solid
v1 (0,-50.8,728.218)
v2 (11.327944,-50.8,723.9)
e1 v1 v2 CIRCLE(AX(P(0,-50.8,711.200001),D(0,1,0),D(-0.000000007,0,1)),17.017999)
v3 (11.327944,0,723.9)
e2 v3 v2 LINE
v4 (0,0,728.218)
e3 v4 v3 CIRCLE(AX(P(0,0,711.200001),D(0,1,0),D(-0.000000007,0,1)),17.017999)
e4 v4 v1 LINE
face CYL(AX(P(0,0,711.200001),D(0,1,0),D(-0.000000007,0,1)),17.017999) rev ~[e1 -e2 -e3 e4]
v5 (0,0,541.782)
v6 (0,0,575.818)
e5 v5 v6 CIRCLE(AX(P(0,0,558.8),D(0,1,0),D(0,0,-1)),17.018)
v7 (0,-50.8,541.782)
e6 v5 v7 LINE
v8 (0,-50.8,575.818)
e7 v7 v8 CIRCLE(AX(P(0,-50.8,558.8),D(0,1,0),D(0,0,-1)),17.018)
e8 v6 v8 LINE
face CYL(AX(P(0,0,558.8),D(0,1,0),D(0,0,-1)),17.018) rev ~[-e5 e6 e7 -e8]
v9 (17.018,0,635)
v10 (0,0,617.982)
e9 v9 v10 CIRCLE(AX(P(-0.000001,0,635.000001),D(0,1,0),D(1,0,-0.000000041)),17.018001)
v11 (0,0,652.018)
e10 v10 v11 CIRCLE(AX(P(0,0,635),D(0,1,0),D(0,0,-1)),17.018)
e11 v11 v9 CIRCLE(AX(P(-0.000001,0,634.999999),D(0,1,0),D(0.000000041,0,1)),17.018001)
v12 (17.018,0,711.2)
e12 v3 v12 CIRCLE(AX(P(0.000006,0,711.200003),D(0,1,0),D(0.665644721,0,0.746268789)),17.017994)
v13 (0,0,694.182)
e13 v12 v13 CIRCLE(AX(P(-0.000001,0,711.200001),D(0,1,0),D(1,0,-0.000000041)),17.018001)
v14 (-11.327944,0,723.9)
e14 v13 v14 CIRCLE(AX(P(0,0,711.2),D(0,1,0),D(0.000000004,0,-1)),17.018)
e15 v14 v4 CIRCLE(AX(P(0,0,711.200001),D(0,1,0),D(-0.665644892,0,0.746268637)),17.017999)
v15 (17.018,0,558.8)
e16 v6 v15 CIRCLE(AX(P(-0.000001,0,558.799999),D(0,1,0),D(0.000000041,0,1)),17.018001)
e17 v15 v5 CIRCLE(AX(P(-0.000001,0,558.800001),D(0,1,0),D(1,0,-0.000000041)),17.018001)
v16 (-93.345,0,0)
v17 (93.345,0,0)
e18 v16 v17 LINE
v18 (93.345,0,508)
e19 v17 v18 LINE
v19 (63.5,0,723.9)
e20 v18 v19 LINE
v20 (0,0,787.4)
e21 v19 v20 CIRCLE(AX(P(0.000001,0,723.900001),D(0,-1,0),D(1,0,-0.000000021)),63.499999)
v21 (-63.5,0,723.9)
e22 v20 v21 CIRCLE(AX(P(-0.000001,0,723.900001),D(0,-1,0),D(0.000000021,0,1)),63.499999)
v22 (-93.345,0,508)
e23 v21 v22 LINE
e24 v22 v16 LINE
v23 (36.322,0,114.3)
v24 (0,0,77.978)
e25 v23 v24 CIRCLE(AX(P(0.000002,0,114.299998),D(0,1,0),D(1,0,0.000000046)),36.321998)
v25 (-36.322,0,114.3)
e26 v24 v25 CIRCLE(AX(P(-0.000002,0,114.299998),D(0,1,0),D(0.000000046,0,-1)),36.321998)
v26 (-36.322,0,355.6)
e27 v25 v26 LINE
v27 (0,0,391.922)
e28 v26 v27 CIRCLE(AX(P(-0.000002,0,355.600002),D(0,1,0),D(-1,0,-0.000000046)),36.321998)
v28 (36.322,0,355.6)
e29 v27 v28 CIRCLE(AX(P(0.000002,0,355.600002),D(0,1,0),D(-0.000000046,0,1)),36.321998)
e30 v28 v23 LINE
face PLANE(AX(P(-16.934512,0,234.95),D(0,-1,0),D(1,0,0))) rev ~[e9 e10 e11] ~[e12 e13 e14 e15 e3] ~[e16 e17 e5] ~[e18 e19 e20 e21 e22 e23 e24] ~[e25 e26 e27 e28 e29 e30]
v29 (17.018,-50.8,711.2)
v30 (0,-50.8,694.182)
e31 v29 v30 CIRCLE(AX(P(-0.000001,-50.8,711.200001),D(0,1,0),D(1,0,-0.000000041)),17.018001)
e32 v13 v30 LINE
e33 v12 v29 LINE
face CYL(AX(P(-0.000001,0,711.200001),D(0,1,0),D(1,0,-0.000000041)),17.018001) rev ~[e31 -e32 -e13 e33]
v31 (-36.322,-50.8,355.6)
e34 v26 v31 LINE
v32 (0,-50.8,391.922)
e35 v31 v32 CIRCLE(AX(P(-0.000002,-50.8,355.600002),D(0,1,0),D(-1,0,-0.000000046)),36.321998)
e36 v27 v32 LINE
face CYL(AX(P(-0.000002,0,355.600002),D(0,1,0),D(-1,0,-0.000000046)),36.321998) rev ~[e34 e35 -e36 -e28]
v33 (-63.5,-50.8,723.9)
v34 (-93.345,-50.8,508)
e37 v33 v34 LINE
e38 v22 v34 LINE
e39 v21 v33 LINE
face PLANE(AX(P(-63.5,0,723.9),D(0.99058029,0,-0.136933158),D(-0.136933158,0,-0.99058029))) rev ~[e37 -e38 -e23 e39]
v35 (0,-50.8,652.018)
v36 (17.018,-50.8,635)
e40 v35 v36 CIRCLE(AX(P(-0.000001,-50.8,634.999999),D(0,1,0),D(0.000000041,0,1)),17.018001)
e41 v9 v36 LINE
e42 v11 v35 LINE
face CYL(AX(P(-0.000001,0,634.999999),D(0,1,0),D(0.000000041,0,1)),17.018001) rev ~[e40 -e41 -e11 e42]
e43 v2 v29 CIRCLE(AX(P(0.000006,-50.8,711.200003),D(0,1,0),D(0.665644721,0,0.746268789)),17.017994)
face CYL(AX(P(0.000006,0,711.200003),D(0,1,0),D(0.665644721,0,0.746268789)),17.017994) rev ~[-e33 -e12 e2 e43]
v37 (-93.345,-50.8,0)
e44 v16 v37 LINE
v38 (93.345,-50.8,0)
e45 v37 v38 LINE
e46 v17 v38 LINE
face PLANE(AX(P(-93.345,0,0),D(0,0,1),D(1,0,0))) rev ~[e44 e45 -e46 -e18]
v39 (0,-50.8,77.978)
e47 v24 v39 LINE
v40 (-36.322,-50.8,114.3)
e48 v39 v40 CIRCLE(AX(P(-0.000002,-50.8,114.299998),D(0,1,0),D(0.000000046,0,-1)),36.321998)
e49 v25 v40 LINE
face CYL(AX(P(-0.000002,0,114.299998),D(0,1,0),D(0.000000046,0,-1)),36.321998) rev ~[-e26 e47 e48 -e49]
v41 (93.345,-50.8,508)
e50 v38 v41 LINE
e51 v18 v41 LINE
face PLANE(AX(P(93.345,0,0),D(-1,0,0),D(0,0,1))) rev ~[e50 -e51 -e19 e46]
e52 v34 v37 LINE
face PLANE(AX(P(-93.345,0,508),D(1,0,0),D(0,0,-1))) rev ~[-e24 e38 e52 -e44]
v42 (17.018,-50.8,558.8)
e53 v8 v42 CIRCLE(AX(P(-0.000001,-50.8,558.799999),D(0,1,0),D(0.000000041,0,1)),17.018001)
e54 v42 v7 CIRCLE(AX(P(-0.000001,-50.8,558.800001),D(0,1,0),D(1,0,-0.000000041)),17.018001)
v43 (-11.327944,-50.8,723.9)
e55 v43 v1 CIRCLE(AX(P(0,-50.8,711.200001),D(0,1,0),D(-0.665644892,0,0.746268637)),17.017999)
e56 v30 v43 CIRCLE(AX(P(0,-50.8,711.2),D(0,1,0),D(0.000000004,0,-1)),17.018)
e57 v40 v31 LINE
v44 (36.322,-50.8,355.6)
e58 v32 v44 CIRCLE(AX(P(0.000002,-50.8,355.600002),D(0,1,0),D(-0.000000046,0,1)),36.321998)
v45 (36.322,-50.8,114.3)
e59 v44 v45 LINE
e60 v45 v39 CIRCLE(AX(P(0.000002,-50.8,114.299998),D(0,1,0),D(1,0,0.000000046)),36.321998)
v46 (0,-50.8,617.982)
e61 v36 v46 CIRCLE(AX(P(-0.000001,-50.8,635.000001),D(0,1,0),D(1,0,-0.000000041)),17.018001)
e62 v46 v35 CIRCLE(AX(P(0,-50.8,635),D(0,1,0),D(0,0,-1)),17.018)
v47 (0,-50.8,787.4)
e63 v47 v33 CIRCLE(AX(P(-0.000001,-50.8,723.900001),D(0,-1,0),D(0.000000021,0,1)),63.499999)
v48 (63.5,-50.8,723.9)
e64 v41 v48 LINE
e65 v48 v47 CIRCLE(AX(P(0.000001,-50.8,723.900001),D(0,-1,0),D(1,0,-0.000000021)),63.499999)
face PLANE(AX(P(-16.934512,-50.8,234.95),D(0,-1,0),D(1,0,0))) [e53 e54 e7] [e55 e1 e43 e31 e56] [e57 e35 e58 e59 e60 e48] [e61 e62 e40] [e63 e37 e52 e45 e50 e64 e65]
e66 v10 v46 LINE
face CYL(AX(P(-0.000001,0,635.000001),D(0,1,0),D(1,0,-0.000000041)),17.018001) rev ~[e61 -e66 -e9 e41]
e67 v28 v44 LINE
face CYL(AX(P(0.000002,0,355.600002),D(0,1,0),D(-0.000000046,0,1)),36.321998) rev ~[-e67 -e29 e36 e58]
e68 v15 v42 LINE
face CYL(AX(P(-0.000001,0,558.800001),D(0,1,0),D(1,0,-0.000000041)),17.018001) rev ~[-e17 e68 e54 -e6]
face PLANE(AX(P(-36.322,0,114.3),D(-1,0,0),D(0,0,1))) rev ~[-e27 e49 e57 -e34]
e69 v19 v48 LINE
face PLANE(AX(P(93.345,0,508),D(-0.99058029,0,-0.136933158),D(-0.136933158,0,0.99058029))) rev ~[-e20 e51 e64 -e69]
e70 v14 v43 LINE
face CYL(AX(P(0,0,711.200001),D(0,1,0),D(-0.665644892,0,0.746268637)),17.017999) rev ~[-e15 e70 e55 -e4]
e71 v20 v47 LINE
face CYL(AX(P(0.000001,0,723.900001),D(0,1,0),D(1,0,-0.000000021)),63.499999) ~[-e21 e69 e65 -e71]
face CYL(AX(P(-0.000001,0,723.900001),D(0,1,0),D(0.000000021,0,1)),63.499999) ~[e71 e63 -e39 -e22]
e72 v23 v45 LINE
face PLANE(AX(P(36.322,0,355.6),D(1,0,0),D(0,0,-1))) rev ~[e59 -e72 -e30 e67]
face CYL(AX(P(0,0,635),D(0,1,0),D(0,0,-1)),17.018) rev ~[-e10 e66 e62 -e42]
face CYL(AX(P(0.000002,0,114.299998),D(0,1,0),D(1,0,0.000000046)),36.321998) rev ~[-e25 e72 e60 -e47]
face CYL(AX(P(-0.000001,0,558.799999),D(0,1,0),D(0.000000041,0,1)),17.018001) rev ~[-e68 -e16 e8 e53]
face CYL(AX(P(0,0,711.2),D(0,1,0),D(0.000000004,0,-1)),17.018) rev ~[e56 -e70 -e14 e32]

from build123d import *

# Parameters (mm, degrees)
F1_DEPTH = 50.8


with BuildPart() as f1:
    # F0 (on Front) → F1 (new body)
    with BuildSketch(Plane.XZ):
        with BuildLine():
            ThreePointArc((-36.322, 114.3), (-25.683533, 88.616467), (0, 77.978))
            Line((0, 77.978), (0, 114.3))
            Line((0, 114.3), (0, 355.6))
            Line((0, 355.6), (0, 391.922))
            ThreePointArc((0, 391.922), (-25.683533, 381.283533), (-36.322, 355.6))
            Line((-36.322, 355.6), (-36.322, 114.3))
        make_face()
        with BuildLine():
            Line((-93.345, 0), (0, 0))
            Line((0, 0), (93.345, 0))
            Line((93.345, 0), (93.345, 508))
            Line((93.345, 508), (63.5, 723.9))
            ThreePointArc((63.5, 723.9), (44.901281, 768.801281), (0, 787.4))
            ThreePointArc((0, 787.4), (-44.901281, 768.801281), (-63.5, 723.9))
            Line((-63.5, 723.9), (-93.345, 508))
            Line((-93.345, 508), (-93.345, 0))
        make_face()
        with BuildLine():
            ThreePointArc((36.322, 114.3), (25.683533, 88.616467), (0, 77.978))
            ThreePointArc((0, 77.978), (-25.683533, 88.616467), (-36.322, 114.3))
            Line((-36.322, 114.3), (-36.322, 355.6))
            ThreePointArc((-36.322, 355.6), (-25.683533, 381.283533), (0, 391.922))
            ThreePointArc((0, 391.922), (25.683533, 381.283533), (36.322, 355.6))
            Line((36.322, 355.6), (36.322, 114.3))
        make_face(mode=Mode.SUBTRACT)
        with BuildLine():
            ThreePointArc((17.018, 558.8), (12.033543, 546.766457), (0, 541.782))
            ThreePointArc((0, 541.782), (-17.018, 558.8), (0, 575.818))
            ThreePointArc((0, 575.818), (12.033543, 570.833543), (17.018, 558.8))
        make_face(mode=Mode.SUBTRACT)
        with BuildLine():
            ThreePointArc((17.018, 635), (12.033543, 622.966457), (0, 617.982))
            ThreePointArc((0, 617.982), (-17.018, 635), (0, 652.018))
            ThreePointArc((0, 652.018), (12.033543, 647.033543), (17.018, 635))
        make_face(mode=Mode.SUBTRACT)
        with BuildLine():
            ThreePointArc((17.018, 711.2), (12.033543, 699.166457), (0, 694.182))
            ThreePointArc((0, 694.182), (-15.901901, 705.138493), (-11.327944, 723.9))
            ThreePointArc((-11.327944, 723.9), (-6.061507, 727.101901), (0, 728.218))
            ThreePointArc((0, 728.218), (6.061507, 727.101901), (11.327944, 723.9))
            ThreePointArc((11.327944, 723.9), (15.530475, 718.15821), (17.018, 711.2))
        make_face(mode=Mode.SUBTRACT)
    extrude(amount=F1_DEPTH)


solid = f1.part
